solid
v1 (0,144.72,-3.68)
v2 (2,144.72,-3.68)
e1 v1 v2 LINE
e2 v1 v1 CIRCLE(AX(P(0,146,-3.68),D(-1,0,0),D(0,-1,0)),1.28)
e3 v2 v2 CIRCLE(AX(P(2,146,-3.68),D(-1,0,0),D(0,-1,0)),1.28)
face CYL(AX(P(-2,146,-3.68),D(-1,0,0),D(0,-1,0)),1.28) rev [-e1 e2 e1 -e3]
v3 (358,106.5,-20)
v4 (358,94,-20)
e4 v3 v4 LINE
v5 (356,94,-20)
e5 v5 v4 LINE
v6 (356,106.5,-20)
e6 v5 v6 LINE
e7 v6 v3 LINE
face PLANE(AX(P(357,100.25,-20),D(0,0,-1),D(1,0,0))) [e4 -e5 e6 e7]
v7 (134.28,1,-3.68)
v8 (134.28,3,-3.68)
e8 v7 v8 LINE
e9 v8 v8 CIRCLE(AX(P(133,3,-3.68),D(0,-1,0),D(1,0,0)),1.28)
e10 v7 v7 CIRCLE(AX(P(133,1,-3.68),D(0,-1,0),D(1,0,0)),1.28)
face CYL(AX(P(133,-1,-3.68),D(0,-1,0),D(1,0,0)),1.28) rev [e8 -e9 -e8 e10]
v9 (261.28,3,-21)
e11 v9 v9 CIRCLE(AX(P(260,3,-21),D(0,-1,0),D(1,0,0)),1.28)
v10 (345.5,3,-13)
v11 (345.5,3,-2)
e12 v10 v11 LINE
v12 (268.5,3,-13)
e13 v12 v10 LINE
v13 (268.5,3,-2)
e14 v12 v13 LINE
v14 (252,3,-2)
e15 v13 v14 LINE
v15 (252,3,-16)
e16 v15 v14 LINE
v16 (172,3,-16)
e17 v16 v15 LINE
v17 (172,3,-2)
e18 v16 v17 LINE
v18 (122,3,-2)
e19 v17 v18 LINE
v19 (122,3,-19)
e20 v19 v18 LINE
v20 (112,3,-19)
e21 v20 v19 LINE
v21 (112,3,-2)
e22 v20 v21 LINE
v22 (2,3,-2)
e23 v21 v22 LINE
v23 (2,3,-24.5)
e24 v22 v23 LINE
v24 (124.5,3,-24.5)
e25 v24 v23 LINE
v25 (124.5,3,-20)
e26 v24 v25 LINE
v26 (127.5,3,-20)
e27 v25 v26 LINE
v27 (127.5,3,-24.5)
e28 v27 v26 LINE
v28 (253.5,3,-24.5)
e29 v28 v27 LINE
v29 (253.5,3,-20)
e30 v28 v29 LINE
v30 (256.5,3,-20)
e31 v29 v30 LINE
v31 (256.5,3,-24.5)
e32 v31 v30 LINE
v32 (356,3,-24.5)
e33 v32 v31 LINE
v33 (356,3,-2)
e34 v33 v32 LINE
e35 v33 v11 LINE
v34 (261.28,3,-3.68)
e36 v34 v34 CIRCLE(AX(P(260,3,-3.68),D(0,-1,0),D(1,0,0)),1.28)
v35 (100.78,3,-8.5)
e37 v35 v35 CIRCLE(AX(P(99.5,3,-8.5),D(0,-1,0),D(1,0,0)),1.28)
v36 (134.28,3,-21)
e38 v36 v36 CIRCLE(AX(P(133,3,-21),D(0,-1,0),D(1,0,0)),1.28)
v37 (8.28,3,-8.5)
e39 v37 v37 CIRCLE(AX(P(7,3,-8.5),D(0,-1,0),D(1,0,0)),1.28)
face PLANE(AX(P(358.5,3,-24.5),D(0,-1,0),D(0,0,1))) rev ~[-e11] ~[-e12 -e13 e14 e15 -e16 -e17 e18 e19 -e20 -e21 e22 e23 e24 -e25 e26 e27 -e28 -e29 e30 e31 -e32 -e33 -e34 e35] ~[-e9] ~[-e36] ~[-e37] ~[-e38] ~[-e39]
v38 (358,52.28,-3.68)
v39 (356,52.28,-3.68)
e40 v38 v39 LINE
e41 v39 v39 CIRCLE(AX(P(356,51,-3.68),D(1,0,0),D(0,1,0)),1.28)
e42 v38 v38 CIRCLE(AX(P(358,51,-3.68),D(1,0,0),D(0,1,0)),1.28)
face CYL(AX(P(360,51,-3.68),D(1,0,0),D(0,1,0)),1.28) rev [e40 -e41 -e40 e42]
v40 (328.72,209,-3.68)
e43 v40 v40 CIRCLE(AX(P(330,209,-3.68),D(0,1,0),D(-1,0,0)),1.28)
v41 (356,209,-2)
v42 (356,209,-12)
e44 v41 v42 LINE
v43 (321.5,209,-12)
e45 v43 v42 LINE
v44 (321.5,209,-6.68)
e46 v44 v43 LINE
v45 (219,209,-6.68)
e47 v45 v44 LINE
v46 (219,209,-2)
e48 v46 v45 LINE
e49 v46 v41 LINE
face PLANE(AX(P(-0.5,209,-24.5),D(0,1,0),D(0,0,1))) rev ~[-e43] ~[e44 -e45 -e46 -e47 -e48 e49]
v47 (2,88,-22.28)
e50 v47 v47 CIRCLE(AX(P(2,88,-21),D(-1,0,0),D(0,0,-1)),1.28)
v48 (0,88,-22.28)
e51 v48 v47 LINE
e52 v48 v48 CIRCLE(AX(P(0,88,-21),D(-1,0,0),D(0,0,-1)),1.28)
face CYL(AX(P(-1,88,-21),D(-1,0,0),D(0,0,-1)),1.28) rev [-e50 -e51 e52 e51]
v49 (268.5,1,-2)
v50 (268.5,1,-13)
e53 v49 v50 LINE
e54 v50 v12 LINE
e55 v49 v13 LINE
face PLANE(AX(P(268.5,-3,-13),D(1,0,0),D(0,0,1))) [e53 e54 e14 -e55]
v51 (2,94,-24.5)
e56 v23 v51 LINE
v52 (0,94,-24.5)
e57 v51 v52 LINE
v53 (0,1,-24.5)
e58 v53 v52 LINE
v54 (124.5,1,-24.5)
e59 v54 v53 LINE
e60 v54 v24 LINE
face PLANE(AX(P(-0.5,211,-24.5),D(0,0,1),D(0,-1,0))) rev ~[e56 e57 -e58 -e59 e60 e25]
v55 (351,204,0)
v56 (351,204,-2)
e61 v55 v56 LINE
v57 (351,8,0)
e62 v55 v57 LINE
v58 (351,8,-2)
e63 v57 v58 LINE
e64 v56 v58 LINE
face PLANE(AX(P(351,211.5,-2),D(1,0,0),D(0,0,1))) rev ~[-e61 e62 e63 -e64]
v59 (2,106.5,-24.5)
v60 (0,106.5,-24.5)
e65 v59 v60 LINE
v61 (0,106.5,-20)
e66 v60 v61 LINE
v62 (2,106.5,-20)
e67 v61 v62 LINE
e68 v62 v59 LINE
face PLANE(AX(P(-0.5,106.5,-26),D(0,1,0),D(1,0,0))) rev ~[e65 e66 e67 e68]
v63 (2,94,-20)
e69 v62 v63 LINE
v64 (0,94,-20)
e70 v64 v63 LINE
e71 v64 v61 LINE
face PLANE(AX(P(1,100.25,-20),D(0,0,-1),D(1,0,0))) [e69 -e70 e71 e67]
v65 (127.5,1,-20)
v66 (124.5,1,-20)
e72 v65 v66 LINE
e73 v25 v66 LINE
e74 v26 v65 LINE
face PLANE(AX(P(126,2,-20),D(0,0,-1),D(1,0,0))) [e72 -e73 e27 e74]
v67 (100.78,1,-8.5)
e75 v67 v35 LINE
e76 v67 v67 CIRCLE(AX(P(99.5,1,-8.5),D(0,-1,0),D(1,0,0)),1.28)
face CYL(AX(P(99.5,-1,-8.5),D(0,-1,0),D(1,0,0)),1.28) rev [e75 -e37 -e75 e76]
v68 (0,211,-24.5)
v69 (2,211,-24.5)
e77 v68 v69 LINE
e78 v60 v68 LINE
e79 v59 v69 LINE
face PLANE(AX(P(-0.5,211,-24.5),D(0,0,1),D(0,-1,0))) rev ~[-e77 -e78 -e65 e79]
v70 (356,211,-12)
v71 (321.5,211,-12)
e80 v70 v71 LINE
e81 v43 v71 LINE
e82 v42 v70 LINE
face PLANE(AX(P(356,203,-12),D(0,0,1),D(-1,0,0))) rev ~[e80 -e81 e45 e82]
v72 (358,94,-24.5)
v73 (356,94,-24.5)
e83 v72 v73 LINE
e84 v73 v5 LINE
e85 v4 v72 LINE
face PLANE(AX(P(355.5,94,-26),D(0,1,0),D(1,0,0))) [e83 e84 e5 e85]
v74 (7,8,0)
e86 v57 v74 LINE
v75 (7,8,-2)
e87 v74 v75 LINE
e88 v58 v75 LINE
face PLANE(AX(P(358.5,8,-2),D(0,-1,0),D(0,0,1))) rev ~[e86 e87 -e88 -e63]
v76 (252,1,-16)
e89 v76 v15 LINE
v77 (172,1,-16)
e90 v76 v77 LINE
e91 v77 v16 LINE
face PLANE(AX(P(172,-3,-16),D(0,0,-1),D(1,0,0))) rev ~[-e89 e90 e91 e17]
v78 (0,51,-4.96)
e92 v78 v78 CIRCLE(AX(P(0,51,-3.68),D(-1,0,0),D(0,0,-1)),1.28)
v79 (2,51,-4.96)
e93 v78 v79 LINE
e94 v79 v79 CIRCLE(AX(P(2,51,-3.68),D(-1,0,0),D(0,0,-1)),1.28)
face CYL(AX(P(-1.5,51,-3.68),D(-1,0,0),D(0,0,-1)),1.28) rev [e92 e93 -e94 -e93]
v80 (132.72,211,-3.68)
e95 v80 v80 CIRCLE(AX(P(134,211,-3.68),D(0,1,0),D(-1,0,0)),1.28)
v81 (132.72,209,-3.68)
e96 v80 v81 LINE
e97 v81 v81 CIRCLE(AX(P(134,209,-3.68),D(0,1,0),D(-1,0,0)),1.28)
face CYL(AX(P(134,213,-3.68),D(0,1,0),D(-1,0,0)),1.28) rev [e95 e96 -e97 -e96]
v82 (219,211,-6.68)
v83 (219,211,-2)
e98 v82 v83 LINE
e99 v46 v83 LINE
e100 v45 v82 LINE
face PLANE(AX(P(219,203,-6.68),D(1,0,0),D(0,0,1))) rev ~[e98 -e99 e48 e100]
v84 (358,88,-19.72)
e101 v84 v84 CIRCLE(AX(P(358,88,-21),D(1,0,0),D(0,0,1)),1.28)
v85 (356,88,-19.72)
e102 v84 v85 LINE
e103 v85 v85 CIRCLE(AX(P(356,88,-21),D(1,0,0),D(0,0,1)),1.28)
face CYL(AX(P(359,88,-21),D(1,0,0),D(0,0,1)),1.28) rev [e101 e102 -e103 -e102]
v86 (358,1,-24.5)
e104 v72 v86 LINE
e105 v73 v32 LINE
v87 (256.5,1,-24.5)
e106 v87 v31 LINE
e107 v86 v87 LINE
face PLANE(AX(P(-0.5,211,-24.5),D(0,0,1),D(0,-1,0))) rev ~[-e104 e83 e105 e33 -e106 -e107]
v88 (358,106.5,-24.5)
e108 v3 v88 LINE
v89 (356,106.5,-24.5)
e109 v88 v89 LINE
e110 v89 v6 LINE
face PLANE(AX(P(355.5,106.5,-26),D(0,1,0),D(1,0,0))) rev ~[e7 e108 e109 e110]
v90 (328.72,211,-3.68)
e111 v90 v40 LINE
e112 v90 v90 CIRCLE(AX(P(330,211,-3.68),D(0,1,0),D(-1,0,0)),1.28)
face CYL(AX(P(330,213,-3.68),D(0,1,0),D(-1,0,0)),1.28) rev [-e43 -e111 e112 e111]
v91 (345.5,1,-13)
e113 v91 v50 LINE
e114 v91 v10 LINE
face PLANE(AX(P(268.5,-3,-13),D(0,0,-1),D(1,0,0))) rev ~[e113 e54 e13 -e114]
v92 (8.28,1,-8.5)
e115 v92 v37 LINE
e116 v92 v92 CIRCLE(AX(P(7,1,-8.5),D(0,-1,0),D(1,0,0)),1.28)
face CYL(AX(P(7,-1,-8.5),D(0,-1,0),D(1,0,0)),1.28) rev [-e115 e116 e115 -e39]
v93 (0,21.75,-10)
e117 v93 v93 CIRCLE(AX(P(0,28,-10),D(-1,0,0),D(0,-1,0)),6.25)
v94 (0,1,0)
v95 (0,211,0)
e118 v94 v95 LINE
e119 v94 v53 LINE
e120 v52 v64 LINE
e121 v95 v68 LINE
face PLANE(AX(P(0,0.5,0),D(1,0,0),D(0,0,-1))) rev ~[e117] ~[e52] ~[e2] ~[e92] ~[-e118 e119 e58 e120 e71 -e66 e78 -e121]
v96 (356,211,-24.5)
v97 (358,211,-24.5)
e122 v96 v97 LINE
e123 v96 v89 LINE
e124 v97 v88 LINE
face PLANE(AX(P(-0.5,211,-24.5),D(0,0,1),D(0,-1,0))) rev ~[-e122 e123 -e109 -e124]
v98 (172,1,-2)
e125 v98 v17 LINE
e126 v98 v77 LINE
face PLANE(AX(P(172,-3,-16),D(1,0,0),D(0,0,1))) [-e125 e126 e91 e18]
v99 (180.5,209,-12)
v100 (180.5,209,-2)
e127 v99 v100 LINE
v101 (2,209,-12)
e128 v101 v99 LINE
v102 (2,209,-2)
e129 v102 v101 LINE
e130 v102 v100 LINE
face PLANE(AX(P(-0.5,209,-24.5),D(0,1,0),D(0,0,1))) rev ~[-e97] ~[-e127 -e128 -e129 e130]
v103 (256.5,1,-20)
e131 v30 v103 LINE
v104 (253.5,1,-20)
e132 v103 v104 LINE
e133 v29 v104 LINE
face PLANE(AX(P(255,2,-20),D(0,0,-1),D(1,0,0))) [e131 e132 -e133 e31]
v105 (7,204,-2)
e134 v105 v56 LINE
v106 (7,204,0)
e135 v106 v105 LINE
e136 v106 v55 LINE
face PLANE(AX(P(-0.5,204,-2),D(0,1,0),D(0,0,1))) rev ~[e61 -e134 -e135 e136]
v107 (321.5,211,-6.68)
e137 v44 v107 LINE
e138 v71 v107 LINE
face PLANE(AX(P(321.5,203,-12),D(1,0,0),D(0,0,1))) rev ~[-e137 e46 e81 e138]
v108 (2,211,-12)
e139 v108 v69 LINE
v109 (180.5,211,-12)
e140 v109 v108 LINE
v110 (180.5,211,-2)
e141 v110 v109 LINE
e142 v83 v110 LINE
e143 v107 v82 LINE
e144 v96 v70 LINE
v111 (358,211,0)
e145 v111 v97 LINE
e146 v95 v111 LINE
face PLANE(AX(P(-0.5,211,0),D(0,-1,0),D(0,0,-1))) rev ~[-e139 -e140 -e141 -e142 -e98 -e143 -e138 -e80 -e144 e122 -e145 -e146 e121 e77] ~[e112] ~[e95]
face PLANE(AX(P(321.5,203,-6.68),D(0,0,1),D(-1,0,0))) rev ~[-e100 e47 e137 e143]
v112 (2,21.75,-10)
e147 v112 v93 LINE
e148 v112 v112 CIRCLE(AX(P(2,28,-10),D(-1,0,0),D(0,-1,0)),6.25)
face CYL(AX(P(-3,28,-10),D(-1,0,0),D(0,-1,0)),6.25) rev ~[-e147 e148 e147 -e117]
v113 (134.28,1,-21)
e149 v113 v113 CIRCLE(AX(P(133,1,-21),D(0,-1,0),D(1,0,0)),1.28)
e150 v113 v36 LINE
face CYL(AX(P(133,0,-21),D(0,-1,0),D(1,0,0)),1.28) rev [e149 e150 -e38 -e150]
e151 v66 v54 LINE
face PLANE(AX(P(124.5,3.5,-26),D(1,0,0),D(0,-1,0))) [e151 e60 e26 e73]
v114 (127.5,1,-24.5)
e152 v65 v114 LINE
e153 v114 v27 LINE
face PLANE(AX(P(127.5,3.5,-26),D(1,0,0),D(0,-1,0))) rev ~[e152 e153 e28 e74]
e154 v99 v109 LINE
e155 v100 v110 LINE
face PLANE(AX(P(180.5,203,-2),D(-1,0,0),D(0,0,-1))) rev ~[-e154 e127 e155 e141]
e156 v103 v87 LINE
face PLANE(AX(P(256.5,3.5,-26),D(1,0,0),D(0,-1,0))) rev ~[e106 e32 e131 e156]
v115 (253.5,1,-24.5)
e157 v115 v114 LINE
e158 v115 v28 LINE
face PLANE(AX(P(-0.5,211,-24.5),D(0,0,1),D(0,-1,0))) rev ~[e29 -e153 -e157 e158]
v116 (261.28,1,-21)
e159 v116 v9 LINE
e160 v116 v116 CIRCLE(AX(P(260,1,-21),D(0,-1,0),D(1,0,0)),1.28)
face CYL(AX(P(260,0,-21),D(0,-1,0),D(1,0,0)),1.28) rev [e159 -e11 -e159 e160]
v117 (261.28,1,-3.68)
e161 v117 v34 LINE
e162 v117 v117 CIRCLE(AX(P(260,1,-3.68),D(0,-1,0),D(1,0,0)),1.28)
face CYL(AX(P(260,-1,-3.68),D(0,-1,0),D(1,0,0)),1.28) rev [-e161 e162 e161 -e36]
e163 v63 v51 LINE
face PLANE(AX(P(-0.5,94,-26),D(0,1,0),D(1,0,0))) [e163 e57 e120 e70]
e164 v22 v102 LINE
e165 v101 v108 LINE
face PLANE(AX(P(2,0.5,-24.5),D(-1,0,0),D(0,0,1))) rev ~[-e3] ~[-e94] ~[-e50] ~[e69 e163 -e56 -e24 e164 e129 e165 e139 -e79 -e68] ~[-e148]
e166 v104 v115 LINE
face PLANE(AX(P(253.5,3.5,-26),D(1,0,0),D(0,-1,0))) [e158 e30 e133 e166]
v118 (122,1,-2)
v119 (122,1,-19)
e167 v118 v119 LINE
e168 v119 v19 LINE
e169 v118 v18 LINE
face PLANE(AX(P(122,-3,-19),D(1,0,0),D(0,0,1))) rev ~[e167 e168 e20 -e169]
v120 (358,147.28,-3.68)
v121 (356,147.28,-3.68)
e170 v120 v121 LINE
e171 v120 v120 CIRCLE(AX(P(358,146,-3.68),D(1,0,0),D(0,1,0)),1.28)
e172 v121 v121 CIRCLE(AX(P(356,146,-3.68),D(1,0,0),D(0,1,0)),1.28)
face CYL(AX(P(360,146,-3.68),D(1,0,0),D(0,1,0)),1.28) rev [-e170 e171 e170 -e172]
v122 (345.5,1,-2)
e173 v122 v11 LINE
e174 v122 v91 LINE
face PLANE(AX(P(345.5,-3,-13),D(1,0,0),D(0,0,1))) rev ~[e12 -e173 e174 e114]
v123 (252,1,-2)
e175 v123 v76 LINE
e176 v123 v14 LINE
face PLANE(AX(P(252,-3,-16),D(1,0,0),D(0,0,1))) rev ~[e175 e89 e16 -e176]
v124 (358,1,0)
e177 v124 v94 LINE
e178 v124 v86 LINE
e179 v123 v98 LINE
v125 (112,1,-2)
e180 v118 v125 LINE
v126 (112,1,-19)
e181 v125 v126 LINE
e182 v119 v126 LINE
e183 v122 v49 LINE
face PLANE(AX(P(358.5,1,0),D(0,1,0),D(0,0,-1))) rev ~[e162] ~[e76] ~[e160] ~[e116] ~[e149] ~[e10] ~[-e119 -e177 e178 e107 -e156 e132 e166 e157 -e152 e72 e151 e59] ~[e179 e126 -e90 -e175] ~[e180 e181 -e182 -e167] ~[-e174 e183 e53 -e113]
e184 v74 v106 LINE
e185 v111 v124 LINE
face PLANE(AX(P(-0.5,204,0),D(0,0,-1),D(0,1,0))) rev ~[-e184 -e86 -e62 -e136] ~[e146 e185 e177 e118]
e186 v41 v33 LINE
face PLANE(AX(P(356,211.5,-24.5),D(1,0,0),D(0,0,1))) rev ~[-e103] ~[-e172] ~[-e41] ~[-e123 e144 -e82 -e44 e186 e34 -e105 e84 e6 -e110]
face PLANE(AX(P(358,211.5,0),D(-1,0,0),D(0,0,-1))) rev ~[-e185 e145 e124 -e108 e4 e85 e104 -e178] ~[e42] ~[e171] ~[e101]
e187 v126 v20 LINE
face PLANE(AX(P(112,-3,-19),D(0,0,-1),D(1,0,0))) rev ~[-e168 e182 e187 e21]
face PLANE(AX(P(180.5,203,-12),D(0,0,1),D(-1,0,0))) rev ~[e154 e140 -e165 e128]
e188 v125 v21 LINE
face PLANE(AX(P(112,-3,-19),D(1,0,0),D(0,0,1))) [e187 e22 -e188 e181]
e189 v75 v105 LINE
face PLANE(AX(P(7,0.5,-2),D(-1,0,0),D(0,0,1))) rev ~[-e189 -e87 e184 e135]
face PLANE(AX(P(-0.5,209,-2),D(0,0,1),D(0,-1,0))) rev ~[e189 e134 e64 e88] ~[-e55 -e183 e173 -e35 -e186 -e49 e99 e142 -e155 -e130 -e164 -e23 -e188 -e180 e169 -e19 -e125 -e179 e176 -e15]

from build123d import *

# Parameters (mm, degrees)
EXTRUDE022_DEPTH        = 11
SKETCH124_W             = 3
SKETCH124_H             = 12.5
SKETCH124_H_2           = 3
EXTRUDE114_DEPTH        = 6
SKETCH126_R             = 1.28
EXTRUDE116_DEPTH        = 10
BODY064_PLACEMENT_ANGLE = 90
BODY068_PLACEMENT_ANGLE = 90
BODY069_PLACEMENT_ANGLE = 90
BODY070_PLACEMENT_ANGLE = 90
BODY071_PLACEMENT_ANGLE = 90
BODY072_ROLL_ANGLE      = -90
BODY072_PLACEMENT_ANGLE = 90
BODY076_ROLL_ANGLE      = -90
BODY076_PLACEMENT_ANGLE = -90
BODY077_ROLL_ANGLE      = -90
BODY077_PLACEMENT_ANGLE = 90
BODY078_ROLL_ANGLE      = -90
BODY078_PLACEMENT_ANGLE = 180
BODY079_ROLL_ANGLE      = -90
BODY079_PLACEMENT_ANGLE = 180
BODY086_PLACEMENT_ANGLE = 90
BODY087_PLACEMENT_ANGLE = 90
BODY088_PLACEMENT_ANGLE = 90
BODY089_PLACEMENT_ANGLE = 90
SKETCH133_R             = 6.25
EXTRUDE123_DEPTH        = 1
EXTRUDE123_DEPTH_BACK   = 10
SKETCH055_W             = 80
SKETCH055_H             = 14
SKETCH055_W_2           = 77
SKETCH055_H_2           = 11
SKETCH055_W_3           = 10
SKETCH055_H_3           = 17
EXTRUDE045_DEPTH        = 8


with BuildPart() as rear_holes002:
    # Sketch028 → Extrude022 (new body)
    with BuildSketch(Plane(origin=(0, 203, 0), x_dir=(-1, 0, 0), z_dir=(0, 1, 0))):
        Polygon((-2, -26), (-356, -26), (-356, -12), (-321.5, -12), (-321.5, -6.68), (-219, -6.68), (-219, -2), (-180.5, -2), (-180.5, -12), (-2, -12), align=None)
    extrude(amount=EXTRUDE022_DEPTH)


with BuildPart() as extrude114:
    # Sketch124 → Extrude114 (new body)
    with BuildSketch(Plane(origin=(0, 0, -26), x_dir=(1, 0, 0), z_dir=(0, 0, -1))):
        with Locations((1, -100.25)):
            Rectangle(SKETCH124_W, SKETCH124_H)
        with Locations((357, -100.25)):
            Rectangle(SKETCH124_W, SKETCH124_H)
        with Locations((126, -2)):
            Rectangle(SKETCH124_W, SKETCH124_H_2)
        with Locations((255, -2)):
            Rectangle(SKETCH124_W, SKETCH124_H_2)
    extrude(amount=-EXTRUDE114_DEPTH)


with BuildPart() as screw_inner:
    # Sketch126 → Extrude116 (new body)
    with BuildSketch(Plane.XY):
        Circle(SKETCH126_R)
    extrude(amount=EXTRUDE116_DEPTH)


with BuildPart() as screw_inner001:
    # Body064 base: copy of screw inner
    add(screw_inner.part)


with BuildPart() as screw_inner001_1:
    # Body064 placement: moved
    add(screw_inner001.part.moved(Location((-1.5, 51, -3.68))).rotate(Axis((-1.5, 51, -3.68), (0, 1, 0)), BODY064_PLACEMENT_ANGLE))


with BuildPart() as screw_inner002:
    # Body068 base: copy of screw inner
    add(screw_inner.part)


with BuildPart() as screw_inner002_1:
    # Body068 placement: moved
    add(screw_inner002.part.moved(Location((7, -1, -8.5))).rotate(Axis((7, -1, -8.5), (-1, 0, 0)), BODY068_PLACEMENT_ANGLE))


with BuildPart() as screw_inner003:
    # Body069 base: copy of screw inner
    add(screw_inner.part)


with BuildPart() as screw_inner003_1:
    # Body069 placement: moved
    add(screw_inner003.part.moved(Location((99.5, -1, -8.5))).rotate(Axis((99.5, -1, -8.5), (-1, 0, 0)), BODY069_PLACEMENT_ANGLE))


with BuildPart() as screw_inner004:
    # Body070 base: copy of screw inner
    add(screw_inner.part)


with BuildPart() as screw_inner004_1:
    # Body070 placement: moved
    add(screw_inner004.part.moved(Location((133, -1, -3.68))).rotate(Axis((133, -1, -3.68), (-1, 0, 0)), BODY070_PLACEMENT_ANGLE))


with BuildPart() as screw_inner005:
    # Body071 base: copy of screw inner
    add(screw_inner.part)


with BuildPart() as screw_inner005_1:
    # Body071 placement: moved
    add(screw_inner005.part.moved(Location((260, -1, -3.68))).rotate(Axis((260, -1, -3.68), (-1, 0, 0)), BODY071_PLACEMENT_ANGLE))


with BuildPart() as screw_inner006:
    # Body072 base: copy of screw inner
    add(screw_inner.part)


with BuildPart() as screw_inner006_1:
    # Body072 roll: moved
    add(screw_inner006.part.rotate(Axis((0, 0, 0), (1, 0, 0)), BODY072_ROLL_ANGLE))


with BuildPart() as screw_inner006_2:
    # Body072 placement: moved
    add(screw_inner006_1.part.moved(Location((360, 51, -3.68))).rotate(Axis((360, 51, -3.68), (0, 0, 1)), BODY072_PLACEMENT_ANGLE))


with BuildPart() as screw_inner007:
    # Body076 base: copy of screw inner
    add(screw_inner.part)


with BuildPart() as screw_inner007_1:
    # Body076 roll: moved
    add(screw_inner007.part.rotate(Axis((0, 0, 0), (1, 0, 0)), BODY076_ROLL_ANGLE))


with BuildPart() as screw_inner007_2:
    # Body076 placement: moved
    add(screw_inner007_1.part.moved(Location((-2, 146, -3.68))).rotate(Axis((-2, 146, -3.68), (0, 0, 1)), BODY076_PLACEMENT_ANGLE))


with BuildPart() as screw_inner008:
    # Body077 base: copy of screw inner
    add(screw_inner.part)


with BuildPart() as screw_inner008_1:
    # Body077 roll: moved
    add(screw_inner008.part.rotate(Axis((0, 0, 0), (1, 0, 0)), BODY077_ROLL_ANGLE))


with BuildPart() as screw_inner008_2:
    # Body077 placement: moved
    add(screw_inner008_1.part.moved(Location((360, 146, -3.68))).rotate(Axis((360, 146, -3.68), (0, 0, 1)), BODY077_PLACEMENT_ANGLE))


with BuildPart() as screw_inner009:
    # Body078 base: copy of screw inner
    add(screw_inner.part)


with BuildPart() as screw_inner009_1:
    # Body078 roll: moved
    add(screw_inner009.part.rotate(Axis((0, 0, 0), (1, 0, 0)), BODY078_ROLL_ANGLE))


with BuildPart() as screw_inner009_2:
    # Body078 placement: moved
    add(screw_inner009_1.part.moved(Location((134, 213, -3.68))).rotate(Axis((134, 213, -3.68), (0, 0, 1)), BODY078_PLACEMENT_ANGLE))


with BuildPart() as screw_inner010:
    # Body079 base: copy of screw inner
    add(screw_inner.part)


with BuildPart() as screw_inner010_1:
    # Body079 roll: moved
    add(screw_inner010.part.rotate(Axis((0, 0, 0), (1, 0, 0)), BODY079_ROLL_ANGLE))


with BuildPart() as screw_inner010_2:
    # Body079 placement: moved
    add(screw_inner010_1.part.moved(Location((330, 213, -3.68))).rotate(Axis((330, 213, -3.68), (0, 0, 1)), BODY079_PLACEMENT_ANGLE))


with BuildPart() as screw_inner011:
    # Body086 base: copy of screw inner
    add(screw_inner.part)


with BuildPart() as screw_inner011_1:
    # Body086 placement: moved
    add(screw_inner011.part.moved(Location((-1, 88, -21))).rotate(Axis((-1, 88, -21), (0, 1, 0)), BODY086_PLACEMENT_ANGLE))


with BuildPart() as screw_inner012:
    # Body087 base: copy of screw inner
    add(screw_inner.part)


with BuildPart() as screw_inner012_1:
    # Body087 placement: moved
    add(screw_inner012.part.moved(Location((359, 88, -21))).rotate(Axis((359, 88, -21), (0, -1, 0)), BODY087_PLACEMENT_ANGLE))


with BuildPart() as screw_inner013:
    # Body088 base: copy of screw inner
    add(screw_inner.part)


with BuildPart() as screw_inner013_1:
    # Body088 placement: moved
    add(screw_inner013.part.moved(Location((133, 0, -21))).rotate(Axis((133, 0, -21), (-1, 0, 0)), BODY088_PLACEMENT_ANGLE))


with BuildPart() as screw_inner014:
    # Body089 base: copy of screw inner
    add(screw_inner.part)


with BuildPart() as screw_inner014_1:
    # Body089 placement: moved
    add(screw_inner014.part.moved(Location((260, 0, -21))).rotate(Axis((260, 0, -21), (-1, 0, 0)), BODY089_PLACEMENT_ANGLE))


with BuildPart() as power_hole002:
    # Sketch133 → Extrude123 (new body, two sides)
    with BuildSketch(Plane(origin=(-3, 0, 0), x_dir=(0, -1, 0), z_dir=(-1, 0, 0))) as extrude123_sk:
        with Locations((-28, -10)):
            Circle(SKETCH133_R)
    extrude(amount=EXTRUDE123_DEPTH)
    extrude(extrude123_sk.sketch, amount=-EXTRUDE123_DEPTH_BACK)


with BuildPart() as compound012:
    # Sketch055 → Extrude045 (new body)
    with BuildSketch(Plane.XZ.offset(3)):
        with Locations((212, -9)):
            Rectangle(SKETCH055_W, SKETCH055_H)
        with Locations((307, -7.5)):
            Rectangle(SKETCH055_W_2, SKETCH055_H_2)
        with Locations((117, -10.5)):
            Rectangle(SKETCH055_W_3, SKETCH055_H_3)
    extrude(amount=-EXTRUDE045_DEPTH)

    # Compound012: union rear holes002, Extrude114, screw inner001, screw inner002, screw inner003, screw inner004, screw inner005, screw inner006, screw inner007, screw inner008, screw inner009, screw inner010, screw inner011, screw inner012, screw inner013, screw inner014, power hole002
    add(rear_holes002.part)
    add(extrude114.part)
    add(screw_inner001_1.part)
    add(screw_inner002_1.part)
    add(screw_inner003_1.part)
    add(screw_inner004_1.part)
    add(screw_inner005_1.part)
    add(screw_inner006_2.part)
    add(screw_inner007_2.part)
    add(screw_inner008_2.part)
    add(screw_inner009_2.part)
    add(screw_inner010_2.part)
    add(screw_inner011_1.part)
    add(screw_inner012_1.part)
    add(screw_inner013_1.part)
    add(screw_inner014_1.part)
    add(power_hole002.part)


with BuildPart() as side003:
    # Sweep001: sweep along a path in Sketch004
    with BuildLine(Plane.XY) as sweep001_path:
        Line((-0.5, 211.5), (358.5, 211.5))
        Line((358.5, 211.5), (358.5, 0.5))
        Line((358.5, 0.5), (-0.5, 0.5))
        Line((-0.5, 0.5), (-0.5, 211.5))
    # Sketch003 → Sweep001 (sweep)
    with BuildSketch(Plane.XZ.offset(-14)):
        Polygon((7, -2), (7, 0), (0, 0), (0, -24.5), (2, -24.5), (2, -2), align=None)
    sweep(path=sweep001_path.line, transition=Transition.RIGHT)

    # Cut004: cut Compound012
    add(compound012.part, mode=Mode.SUBTRACT)


solid = side003.part
